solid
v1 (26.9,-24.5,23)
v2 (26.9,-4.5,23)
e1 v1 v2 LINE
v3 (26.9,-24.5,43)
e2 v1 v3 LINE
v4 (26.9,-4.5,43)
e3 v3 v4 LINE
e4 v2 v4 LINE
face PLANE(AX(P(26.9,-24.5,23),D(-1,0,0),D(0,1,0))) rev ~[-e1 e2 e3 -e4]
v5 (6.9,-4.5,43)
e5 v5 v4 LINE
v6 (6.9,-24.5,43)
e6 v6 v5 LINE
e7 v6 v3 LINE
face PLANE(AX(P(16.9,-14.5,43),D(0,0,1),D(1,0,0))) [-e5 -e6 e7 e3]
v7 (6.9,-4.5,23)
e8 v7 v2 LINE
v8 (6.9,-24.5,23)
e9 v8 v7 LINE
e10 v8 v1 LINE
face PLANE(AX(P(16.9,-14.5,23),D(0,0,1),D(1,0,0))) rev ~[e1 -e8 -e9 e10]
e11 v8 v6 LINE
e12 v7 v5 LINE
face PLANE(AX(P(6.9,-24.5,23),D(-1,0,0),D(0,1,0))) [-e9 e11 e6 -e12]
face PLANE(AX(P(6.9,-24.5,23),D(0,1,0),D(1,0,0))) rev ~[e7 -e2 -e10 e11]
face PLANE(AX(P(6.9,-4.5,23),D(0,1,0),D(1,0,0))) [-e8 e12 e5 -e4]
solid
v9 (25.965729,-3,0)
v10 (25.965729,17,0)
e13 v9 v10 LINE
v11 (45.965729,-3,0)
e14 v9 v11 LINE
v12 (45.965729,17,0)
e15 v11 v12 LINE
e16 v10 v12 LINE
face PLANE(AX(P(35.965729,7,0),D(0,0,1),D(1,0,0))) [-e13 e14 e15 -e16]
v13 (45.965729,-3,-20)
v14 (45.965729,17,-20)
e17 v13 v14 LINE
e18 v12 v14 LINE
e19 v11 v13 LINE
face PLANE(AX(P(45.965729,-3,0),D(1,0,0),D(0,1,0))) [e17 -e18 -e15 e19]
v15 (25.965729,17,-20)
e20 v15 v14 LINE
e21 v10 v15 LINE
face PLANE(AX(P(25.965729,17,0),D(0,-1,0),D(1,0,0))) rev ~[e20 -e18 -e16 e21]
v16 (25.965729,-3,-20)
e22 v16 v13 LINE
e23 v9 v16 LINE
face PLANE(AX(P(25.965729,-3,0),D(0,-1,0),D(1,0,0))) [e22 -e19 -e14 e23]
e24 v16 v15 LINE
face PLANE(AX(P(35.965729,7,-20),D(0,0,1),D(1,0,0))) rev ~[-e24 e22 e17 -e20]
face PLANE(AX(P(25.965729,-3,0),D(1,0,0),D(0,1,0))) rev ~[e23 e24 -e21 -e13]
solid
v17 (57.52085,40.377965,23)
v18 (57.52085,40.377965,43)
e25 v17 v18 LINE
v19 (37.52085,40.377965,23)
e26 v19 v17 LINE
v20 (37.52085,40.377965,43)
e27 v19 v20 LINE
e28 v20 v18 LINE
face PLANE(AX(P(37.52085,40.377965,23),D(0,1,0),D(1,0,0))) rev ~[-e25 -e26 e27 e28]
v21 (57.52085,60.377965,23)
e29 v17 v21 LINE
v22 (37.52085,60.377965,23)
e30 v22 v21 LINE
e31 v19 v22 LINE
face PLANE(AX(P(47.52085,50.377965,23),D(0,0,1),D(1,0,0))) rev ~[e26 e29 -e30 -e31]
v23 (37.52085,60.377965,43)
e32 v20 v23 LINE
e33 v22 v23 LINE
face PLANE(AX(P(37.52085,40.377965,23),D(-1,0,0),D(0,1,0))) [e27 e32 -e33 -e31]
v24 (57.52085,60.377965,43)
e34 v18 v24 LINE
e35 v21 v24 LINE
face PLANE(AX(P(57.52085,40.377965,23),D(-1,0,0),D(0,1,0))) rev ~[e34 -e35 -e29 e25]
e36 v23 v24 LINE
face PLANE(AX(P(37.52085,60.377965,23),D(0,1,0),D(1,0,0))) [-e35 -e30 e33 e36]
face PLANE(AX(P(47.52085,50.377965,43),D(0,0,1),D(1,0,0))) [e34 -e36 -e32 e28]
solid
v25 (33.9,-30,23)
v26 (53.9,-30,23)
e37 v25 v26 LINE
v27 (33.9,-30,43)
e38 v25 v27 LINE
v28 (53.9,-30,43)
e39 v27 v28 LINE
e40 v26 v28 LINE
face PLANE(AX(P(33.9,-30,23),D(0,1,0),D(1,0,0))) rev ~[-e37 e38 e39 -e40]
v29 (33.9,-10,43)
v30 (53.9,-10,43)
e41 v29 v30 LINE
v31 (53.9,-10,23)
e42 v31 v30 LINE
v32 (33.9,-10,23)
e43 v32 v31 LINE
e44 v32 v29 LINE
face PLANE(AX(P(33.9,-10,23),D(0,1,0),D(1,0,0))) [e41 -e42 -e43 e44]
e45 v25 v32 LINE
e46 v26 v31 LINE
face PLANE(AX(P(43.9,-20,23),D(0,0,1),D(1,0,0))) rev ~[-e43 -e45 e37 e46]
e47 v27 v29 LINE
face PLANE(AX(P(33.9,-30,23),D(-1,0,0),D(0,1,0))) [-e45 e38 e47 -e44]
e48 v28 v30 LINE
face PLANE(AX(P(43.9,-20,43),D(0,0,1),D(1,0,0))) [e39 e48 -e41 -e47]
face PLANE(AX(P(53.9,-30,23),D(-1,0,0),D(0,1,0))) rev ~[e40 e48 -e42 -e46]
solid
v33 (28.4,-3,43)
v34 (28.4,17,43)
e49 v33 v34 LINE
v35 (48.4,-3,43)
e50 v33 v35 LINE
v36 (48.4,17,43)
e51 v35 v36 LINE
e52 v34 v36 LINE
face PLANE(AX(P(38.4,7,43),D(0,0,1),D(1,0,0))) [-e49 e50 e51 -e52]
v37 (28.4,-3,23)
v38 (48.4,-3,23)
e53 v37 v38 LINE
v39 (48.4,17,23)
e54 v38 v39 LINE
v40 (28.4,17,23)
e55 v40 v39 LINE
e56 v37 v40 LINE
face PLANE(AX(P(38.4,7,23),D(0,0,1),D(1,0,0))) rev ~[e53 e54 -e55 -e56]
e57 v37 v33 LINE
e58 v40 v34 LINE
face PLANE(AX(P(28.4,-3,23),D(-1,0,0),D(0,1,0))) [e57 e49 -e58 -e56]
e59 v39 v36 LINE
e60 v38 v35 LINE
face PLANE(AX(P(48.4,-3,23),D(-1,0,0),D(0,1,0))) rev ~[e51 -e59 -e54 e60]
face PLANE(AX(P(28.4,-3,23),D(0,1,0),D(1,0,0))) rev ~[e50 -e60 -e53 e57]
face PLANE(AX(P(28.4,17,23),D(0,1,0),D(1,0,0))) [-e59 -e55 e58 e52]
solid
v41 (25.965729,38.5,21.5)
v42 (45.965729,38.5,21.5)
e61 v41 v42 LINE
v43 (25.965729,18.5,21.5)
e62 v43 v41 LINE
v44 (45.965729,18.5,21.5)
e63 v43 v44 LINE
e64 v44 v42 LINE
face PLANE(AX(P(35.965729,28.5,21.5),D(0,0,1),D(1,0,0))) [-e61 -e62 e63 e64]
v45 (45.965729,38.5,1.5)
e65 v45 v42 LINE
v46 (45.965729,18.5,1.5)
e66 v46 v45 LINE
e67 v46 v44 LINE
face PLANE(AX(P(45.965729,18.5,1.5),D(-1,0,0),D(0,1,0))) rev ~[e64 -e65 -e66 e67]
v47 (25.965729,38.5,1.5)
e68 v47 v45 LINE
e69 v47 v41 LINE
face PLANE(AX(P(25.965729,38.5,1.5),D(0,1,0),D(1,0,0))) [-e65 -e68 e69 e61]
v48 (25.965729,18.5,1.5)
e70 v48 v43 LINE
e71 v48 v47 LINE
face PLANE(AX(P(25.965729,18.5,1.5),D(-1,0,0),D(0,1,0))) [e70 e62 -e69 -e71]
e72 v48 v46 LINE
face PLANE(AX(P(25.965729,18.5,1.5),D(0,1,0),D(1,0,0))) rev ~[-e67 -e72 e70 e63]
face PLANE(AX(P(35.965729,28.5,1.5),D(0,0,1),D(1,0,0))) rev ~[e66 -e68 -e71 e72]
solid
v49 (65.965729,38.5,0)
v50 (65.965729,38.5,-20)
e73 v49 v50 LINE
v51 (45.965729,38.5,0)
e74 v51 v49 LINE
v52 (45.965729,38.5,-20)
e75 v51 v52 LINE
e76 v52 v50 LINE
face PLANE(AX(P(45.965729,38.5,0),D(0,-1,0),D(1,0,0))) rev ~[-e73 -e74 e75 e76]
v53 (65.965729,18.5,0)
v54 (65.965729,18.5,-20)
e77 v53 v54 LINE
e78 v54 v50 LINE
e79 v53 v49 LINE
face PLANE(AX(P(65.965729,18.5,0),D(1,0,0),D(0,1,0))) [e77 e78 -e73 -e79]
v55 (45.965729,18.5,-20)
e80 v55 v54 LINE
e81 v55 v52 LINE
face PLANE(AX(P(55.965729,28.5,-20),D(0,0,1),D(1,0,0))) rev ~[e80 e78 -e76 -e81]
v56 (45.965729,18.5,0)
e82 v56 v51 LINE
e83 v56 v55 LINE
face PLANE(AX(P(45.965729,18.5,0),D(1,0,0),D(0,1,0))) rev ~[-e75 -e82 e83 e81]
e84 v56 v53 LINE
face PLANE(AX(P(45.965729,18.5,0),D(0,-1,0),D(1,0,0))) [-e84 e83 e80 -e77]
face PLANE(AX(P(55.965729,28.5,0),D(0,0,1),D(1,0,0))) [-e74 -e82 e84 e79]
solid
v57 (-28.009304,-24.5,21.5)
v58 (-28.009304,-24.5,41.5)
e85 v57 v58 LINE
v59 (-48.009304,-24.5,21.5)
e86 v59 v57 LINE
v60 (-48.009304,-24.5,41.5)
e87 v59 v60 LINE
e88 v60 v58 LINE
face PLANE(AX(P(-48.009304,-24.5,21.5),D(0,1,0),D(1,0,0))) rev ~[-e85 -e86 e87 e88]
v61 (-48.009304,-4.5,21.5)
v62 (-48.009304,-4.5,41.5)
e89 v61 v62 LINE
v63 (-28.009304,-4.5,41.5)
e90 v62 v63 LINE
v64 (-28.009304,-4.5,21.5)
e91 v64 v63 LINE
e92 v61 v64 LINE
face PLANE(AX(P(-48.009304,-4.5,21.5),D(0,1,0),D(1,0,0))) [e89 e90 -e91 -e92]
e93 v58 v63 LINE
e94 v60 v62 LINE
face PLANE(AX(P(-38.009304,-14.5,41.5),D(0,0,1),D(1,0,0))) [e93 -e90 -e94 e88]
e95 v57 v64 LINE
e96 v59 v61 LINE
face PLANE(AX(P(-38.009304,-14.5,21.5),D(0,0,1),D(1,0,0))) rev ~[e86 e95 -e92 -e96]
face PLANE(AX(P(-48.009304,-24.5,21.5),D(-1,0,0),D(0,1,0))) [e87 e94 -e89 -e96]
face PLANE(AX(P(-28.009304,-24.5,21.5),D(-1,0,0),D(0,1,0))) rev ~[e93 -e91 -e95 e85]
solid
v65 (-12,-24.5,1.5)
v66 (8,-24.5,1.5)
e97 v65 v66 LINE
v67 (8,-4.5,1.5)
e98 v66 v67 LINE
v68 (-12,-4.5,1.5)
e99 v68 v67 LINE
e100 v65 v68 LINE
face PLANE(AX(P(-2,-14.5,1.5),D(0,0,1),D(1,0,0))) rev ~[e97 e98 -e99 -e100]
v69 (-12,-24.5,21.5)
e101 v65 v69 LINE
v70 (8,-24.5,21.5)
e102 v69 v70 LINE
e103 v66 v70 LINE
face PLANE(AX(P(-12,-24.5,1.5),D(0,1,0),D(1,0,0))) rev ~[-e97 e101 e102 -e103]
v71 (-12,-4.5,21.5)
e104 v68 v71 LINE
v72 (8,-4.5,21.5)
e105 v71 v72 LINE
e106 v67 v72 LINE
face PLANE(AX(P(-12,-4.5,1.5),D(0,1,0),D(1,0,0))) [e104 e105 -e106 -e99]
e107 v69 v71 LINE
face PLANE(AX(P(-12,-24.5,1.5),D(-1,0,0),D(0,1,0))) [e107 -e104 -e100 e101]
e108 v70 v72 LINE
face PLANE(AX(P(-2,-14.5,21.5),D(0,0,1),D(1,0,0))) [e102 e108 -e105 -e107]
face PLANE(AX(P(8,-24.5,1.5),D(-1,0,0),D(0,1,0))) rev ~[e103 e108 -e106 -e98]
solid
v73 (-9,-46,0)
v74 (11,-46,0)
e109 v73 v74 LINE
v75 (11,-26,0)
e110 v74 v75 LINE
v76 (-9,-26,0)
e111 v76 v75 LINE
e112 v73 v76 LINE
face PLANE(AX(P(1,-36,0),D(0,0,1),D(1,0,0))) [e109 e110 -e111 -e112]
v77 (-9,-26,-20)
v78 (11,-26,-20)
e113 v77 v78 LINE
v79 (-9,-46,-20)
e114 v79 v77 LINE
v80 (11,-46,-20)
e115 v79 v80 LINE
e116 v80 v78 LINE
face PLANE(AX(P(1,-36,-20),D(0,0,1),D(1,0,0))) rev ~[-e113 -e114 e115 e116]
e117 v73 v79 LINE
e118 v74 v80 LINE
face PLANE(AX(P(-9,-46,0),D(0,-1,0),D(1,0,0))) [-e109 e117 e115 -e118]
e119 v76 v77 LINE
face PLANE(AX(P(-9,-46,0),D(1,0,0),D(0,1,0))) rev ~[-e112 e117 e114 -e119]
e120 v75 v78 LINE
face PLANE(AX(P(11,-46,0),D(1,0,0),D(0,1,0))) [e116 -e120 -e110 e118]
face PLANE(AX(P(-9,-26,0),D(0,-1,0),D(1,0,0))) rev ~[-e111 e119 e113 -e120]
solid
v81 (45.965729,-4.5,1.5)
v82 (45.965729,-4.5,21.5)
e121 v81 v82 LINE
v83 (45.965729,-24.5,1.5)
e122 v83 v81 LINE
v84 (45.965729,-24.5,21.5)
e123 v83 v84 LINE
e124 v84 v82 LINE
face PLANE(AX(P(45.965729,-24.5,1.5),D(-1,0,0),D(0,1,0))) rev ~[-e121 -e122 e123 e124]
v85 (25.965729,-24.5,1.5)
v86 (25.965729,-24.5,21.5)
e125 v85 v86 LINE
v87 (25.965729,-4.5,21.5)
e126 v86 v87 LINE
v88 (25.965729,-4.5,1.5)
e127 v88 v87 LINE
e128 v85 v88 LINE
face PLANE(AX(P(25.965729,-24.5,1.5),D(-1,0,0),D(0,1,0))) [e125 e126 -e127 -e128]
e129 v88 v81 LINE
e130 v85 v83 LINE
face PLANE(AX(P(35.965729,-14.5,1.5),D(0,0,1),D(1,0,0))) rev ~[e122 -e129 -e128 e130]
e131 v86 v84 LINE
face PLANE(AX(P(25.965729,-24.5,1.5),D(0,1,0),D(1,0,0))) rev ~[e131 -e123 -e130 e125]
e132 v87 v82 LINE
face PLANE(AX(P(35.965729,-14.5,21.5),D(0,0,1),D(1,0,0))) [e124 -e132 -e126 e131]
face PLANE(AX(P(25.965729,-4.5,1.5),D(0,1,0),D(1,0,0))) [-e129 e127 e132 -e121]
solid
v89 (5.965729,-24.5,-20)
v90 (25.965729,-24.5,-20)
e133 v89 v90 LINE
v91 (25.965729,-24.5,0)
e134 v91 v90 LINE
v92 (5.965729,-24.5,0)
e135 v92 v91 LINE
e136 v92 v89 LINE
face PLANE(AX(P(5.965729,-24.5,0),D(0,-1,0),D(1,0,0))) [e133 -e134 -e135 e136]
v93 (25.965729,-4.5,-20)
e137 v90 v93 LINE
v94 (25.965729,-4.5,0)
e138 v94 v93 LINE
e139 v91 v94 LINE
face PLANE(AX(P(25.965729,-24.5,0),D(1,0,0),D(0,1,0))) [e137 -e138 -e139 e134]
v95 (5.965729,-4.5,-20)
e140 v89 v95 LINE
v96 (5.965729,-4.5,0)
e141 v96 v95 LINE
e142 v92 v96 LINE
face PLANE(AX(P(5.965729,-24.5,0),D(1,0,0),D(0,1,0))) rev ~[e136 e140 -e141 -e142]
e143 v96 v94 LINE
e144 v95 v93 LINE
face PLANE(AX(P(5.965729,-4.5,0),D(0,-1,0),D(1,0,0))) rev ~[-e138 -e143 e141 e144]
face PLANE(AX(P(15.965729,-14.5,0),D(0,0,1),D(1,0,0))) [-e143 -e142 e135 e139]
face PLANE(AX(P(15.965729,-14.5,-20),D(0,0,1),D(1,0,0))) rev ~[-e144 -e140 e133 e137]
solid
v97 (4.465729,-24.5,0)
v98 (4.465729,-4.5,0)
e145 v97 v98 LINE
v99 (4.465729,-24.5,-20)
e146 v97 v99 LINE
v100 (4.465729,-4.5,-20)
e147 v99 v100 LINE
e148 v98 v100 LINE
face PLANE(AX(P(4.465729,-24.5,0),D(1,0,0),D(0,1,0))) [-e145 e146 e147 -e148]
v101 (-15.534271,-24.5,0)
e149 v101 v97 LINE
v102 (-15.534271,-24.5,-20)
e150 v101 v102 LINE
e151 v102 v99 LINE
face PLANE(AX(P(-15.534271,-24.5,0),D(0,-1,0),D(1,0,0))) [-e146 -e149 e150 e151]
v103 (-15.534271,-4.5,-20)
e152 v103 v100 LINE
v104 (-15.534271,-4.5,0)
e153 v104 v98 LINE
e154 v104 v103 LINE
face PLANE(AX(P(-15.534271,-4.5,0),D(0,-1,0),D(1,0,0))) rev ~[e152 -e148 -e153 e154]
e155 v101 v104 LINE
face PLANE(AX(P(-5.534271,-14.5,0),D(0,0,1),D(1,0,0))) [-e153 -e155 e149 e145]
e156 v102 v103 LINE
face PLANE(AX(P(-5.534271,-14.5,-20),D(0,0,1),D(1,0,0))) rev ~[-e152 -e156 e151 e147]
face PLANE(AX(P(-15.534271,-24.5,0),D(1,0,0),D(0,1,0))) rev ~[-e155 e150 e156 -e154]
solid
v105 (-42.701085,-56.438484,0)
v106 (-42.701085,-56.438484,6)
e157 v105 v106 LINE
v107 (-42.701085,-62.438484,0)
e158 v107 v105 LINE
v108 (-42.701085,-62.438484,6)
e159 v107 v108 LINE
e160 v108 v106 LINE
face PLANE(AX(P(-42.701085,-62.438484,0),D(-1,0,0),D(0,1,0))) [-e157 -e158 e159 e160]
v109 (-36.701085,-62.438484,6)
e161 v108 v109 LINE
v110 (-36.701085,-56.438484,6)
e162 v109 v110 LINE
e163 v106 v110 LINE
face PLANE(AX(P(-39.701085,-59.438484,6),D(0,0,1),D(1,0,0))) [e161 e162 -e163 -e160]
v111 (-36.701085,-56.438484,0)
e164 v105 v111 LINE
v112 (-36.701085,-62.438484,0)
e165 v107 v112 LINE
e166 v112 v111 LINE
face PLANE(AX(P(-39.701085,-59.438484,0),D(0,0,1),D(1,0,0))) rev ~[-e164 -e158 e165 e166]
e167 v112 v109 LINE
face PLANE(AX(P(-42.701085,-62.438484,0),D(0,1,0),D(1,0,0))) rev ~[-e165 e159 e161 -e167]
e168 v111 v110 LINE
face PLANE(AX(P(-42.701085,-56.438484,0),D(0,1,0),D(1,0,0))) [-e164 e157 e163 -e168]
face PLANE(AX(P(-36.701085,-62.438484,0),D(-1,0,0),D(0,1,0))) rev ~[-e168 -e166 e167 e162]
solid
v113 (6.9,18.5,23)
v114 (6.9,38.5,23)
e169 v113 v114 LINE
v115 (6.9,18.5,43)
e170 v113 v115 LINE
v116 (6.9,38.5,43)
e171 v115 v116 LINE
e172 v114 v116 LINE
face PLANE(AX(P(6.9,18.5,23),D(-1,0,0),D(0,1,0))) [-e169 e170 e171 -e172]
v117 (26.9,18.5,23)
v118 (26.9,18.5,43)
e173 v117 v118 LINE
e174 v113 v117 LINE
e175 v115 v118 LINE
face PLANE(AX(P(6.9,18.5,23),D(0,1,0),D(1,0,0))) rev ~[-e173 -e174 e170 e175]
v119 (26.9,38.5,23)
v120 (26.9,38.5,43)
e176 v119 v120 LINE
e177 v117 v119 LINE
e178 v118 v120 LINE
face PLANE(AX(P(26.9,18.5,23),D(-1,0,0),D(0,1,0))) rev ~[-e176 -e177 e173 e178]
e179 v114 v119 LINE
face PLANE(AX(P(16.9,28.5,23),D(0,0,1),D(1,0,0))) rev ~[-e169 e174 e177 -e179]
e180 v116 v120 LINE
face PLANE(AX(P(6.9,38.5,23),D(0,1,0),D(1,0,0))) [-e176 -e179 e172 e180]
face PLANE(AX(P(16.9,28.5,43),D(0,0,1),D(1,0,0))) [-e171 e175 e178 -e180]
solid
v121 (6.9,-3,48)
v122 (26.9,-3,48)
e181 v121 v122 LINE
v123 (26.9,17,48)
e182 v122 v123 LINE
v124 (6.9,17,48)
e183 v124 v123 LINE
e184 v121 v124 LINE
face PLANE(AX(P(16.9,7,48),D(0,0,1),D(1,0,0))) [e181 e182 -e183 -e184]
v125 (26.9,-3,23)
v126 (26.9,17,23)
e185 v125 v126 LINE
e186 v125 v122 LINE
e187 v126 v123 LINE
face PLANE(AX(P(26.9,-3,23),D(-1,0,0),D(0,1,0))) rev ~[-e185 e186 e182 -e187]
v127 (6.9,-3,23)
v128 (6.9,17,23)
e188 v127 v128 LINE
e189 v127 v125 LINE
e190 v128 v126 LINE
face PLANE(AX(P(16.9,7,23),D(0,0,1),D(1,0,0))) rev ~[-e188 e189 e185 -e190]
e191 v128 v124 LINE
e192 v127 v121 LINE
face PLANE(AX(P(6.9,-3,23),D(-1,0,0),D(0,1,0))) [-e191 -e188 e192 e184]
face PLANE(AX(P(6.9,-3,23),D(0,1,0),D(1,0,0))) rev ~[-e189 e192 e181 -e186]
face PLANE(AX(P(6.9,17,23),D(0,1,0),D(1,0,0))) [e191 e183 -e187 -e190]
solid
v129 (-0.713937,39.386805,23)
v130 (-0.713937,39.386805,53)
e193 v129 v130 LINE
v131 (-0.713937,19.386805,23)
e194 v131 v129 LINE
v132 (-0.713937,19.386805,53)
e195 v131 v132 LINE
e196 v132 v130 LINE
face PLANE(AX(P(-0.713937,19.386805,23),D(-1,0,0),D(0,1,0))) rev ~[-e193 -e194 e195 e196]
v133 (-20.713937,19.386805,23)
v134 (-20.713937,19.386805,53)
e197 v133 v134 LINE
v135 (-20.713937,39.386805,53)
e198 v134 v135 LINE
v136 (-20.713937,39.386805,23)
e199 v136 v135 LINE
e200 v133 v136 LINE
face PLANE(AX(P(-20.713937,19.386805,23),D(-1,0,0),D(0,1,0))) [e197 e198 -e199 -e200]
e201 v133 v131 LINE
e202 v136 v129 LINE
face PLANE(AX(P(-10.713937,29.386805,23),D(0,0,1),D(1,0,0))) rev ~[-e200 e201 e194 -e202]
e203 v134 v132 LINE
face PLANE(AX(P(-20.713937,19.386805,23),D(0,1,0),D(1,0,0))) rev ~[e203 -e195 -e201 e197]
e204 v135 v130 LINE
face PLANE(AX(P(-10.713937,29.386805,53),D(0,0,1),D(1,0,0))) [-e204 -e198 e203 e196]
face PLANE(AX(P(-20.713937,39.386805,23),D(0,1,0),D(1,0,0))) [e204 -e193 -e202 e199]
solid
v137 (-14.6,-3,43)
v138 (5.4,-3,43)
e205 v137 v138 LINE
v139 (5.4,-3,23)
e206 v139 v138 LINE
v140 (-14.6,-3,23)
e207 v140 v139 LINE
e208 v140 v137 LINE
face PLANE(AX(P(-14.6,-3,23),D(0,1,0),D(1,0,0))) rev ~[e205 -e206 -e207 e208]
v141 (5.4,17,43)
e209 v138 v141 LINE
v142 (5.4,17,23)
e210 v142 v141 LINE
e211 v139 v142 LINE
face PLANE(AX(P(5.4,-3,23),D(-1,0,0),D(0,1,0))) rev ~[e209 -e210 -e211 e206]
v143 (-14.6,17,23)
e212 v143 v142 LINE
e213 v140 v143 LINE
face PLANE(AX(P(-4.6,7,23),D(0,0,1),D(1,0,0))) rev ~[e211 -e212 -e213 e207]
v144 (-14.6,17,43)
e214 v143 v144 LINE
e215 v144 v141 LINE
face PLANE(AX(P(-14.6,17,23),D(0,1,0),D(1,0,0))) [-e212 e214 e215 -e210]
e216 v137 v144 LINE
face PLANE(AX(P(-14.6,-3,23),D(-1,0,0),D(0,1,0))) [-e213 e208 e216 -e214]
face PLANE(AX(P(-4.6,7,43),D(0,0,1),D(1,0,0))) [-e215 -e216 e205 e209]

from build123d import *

# Parameters (mm, degrees)
F0_W      = 20
F0_H      = 20
F1_DEPTH  = 20
F3_W      = 20
F3_H      = 20
F4_DEPTH  = 20
F6_W      = 20
F6_H      = 20
F7_DEPTH  = 20
F8_DEPTH  = 25
F9_DEPTH  = 20
F10_DEPTH = 30
F11_W     = 6
F11_H     = 6
F12_DEPTH = 6
F13_W     = 20
F13_H     = 20
F14_DEPTH = 20


with BuildPart() as f1:
    # F0 (on Top) → F1 (new body)
    with BuildSketch(Plane.XY):
        with Locations((1, -36)):
            Rectangle(F0_W, F0_H)
    extrude(amount=-F1_DEPTH)


with BuildPart() as f1b:
    # F0 (on Top) → F1, piece 2 (new body)
    with BuildSketch(Plane.XY):
        with Locations((-5.5342707783, -14.5)):
            Rectangle(F0_W, F0_H)
    extrude(amount=-F1_DEPTH)


with BuildPart() as f1c:
    # F0 (on Top) → F1, piece 3 (new body)
    with BuildSketch(Plane.XY):
        with Locations((15.9657292217, -14.5)):
            Rectangle(F0_W, F0_H)
    extrude(amount=-F1_DEPTH)


with BuildPart() as f1d:
    # F0 (on Top) → F1, piece 4 (new body)
    with BuildSketch(Plane.XY):
        with Locations((35.9657292217, 7)):
            Rectangle(F0_W, F0_H)
    extrude(amount=-F1_DEPTH)


with BuildPart() as f1e:
    # F0 (on Top) → F1, piece 5 (new body)
    with BuildSketch(Plane.XY):
        with Locations((55.9657292217, 28.5)):
            Rectangle(F0_W, F0_H)
    extrude(amount=-F1_DEPTH)


with BuildPart() as f4:
    # F3 (on offset) → F4 (new body)
    with BuildSketch(Plane.XY.offset(1.5)):
        with Locations((-2, -14.5)):
            Rectangle(F3_W, F3_H)
    extrude(amount=F4_DEPTH)


with BuildPart() as f4b:
    # F3 (on offset) → F4, piece 2 (new body)
    with BuildSketch(Plane.XY.offset(1.5)):
        with Locations((35.9657292217, -14.5)):
            Rectangle(F3_W, F3_H)
    extrude(amount=F4_DEPTH)


with BuildPart() as f4c:
    # F3 (on offset) → F4, piece 3 (new body)
    with BuildSketch(Plane.XY.offset(1.5)):
        with Locations((35.9657292217, 28.5)):
            Rectangle(F3_W, F3_H)
    extrude(amount=F4_DEPTH)


with BuildPart() as f7:
    # F6 (on offset) → F7 (new body)
    with BuildSketch(Plane.XY.offset(23)):
        with Locations((43.9, -20)):
            Rectangle(F6_W, F6_H)
    extrude(amount=F7_DEPTH)


with BuildPart() as f7b:
    # F6 (on offset) → F7, piece 2 (new body)
    with BuildSketch(Plane.XY.offset(23)):
        with Locations((16.9, -14.5)):
            Rectangle(F6_W, F6_H)
    extrude(amount=F7_DEPTH)


with BuildPart() as f7c:
    # F6 (on offset) → F7, piece 3 (new body)
    with BuildSketch(Plane.XY.offset(23)):
        with Locations((-4.6, 7)):
            Rectangle(F6_W, F6_H)
    extrude(amount=F7_DEPTH)


with BuildPart() as f7d:
    # F6 (on offset) → F7, piece 4 (new body)
    with BuildSketch(Plane.XY.offset(23)):
        with Locations((16.9, 28.5)):
            Rectangle(F6_W, F6_H)
    extrude(amount=F7_DEPTH)


with BuildPart() as f7e:
    # F6 (on offset) → F7, piece 5 (new body)
    with BuildSketch(Plane.XY.offset(23)):
        with Locations((47.5208498538, 50.3779649734)):
            Rectangle(F6_W, F6_H)
    extrude(amount=F7_DEPTH)


with BuildPart() as f8:
    # F6 (on offset) → F8 (new body)
    with BuildSketch(Plane.XY.offset(23)):
        with Locations((16.9, 7)):
            Rectangle(F6_W, F6_H)
    extrude(amount=F8_DEPTH)


with BuildPart() as f9:
    # F6 (on offset) → F9 (new body)
    with BuildSketch(Plane.XY.offset(23)):
        with Locations((38.4, 7)):
            Rectangle(F6_W, F6_H)
    extrude(amount=F9_DEPTH)


with BuildPart() as f10:
    # F6 (on offset) → F10 (new body)
    with BuildSketch(Plane.XY.offset(23)):
        with Locations((-10.7139368774, 29.3868053705)):
            Rectangle(F6_W, F6_H)
    extrude(amount=F10_DEPTH)


with BuildPart() as f12:
    # F11 (on face) → F12 (new body)
    with BuildSketch(Plane.XY):
        with Locations((-39.7010849917, -59.4384841919)):
            Rectangle(F11_W, F11_H)
    extrude(amount=F12_DEPTH)


with BuildPart() as f14:
    # F13 (on face) → F14 (new body)
    with BuildSketch(Plane.XY.offset(21.5)):
        with Locations((-38.0093035775, -14.5)):
            Rectangle(F13_W, F13_H)
    extrude(amount=F14_DEPTH)


solid = Compound([f1.part, f1b.part, f1c.part, f1d.part, f1e.part, f4.part, f4b.part, f4c.part, f7.part, f7b.part, f7c.part, f7d.part, f7e.part, f8.part, f9.part, f10.part, f12.part, f14.part])
